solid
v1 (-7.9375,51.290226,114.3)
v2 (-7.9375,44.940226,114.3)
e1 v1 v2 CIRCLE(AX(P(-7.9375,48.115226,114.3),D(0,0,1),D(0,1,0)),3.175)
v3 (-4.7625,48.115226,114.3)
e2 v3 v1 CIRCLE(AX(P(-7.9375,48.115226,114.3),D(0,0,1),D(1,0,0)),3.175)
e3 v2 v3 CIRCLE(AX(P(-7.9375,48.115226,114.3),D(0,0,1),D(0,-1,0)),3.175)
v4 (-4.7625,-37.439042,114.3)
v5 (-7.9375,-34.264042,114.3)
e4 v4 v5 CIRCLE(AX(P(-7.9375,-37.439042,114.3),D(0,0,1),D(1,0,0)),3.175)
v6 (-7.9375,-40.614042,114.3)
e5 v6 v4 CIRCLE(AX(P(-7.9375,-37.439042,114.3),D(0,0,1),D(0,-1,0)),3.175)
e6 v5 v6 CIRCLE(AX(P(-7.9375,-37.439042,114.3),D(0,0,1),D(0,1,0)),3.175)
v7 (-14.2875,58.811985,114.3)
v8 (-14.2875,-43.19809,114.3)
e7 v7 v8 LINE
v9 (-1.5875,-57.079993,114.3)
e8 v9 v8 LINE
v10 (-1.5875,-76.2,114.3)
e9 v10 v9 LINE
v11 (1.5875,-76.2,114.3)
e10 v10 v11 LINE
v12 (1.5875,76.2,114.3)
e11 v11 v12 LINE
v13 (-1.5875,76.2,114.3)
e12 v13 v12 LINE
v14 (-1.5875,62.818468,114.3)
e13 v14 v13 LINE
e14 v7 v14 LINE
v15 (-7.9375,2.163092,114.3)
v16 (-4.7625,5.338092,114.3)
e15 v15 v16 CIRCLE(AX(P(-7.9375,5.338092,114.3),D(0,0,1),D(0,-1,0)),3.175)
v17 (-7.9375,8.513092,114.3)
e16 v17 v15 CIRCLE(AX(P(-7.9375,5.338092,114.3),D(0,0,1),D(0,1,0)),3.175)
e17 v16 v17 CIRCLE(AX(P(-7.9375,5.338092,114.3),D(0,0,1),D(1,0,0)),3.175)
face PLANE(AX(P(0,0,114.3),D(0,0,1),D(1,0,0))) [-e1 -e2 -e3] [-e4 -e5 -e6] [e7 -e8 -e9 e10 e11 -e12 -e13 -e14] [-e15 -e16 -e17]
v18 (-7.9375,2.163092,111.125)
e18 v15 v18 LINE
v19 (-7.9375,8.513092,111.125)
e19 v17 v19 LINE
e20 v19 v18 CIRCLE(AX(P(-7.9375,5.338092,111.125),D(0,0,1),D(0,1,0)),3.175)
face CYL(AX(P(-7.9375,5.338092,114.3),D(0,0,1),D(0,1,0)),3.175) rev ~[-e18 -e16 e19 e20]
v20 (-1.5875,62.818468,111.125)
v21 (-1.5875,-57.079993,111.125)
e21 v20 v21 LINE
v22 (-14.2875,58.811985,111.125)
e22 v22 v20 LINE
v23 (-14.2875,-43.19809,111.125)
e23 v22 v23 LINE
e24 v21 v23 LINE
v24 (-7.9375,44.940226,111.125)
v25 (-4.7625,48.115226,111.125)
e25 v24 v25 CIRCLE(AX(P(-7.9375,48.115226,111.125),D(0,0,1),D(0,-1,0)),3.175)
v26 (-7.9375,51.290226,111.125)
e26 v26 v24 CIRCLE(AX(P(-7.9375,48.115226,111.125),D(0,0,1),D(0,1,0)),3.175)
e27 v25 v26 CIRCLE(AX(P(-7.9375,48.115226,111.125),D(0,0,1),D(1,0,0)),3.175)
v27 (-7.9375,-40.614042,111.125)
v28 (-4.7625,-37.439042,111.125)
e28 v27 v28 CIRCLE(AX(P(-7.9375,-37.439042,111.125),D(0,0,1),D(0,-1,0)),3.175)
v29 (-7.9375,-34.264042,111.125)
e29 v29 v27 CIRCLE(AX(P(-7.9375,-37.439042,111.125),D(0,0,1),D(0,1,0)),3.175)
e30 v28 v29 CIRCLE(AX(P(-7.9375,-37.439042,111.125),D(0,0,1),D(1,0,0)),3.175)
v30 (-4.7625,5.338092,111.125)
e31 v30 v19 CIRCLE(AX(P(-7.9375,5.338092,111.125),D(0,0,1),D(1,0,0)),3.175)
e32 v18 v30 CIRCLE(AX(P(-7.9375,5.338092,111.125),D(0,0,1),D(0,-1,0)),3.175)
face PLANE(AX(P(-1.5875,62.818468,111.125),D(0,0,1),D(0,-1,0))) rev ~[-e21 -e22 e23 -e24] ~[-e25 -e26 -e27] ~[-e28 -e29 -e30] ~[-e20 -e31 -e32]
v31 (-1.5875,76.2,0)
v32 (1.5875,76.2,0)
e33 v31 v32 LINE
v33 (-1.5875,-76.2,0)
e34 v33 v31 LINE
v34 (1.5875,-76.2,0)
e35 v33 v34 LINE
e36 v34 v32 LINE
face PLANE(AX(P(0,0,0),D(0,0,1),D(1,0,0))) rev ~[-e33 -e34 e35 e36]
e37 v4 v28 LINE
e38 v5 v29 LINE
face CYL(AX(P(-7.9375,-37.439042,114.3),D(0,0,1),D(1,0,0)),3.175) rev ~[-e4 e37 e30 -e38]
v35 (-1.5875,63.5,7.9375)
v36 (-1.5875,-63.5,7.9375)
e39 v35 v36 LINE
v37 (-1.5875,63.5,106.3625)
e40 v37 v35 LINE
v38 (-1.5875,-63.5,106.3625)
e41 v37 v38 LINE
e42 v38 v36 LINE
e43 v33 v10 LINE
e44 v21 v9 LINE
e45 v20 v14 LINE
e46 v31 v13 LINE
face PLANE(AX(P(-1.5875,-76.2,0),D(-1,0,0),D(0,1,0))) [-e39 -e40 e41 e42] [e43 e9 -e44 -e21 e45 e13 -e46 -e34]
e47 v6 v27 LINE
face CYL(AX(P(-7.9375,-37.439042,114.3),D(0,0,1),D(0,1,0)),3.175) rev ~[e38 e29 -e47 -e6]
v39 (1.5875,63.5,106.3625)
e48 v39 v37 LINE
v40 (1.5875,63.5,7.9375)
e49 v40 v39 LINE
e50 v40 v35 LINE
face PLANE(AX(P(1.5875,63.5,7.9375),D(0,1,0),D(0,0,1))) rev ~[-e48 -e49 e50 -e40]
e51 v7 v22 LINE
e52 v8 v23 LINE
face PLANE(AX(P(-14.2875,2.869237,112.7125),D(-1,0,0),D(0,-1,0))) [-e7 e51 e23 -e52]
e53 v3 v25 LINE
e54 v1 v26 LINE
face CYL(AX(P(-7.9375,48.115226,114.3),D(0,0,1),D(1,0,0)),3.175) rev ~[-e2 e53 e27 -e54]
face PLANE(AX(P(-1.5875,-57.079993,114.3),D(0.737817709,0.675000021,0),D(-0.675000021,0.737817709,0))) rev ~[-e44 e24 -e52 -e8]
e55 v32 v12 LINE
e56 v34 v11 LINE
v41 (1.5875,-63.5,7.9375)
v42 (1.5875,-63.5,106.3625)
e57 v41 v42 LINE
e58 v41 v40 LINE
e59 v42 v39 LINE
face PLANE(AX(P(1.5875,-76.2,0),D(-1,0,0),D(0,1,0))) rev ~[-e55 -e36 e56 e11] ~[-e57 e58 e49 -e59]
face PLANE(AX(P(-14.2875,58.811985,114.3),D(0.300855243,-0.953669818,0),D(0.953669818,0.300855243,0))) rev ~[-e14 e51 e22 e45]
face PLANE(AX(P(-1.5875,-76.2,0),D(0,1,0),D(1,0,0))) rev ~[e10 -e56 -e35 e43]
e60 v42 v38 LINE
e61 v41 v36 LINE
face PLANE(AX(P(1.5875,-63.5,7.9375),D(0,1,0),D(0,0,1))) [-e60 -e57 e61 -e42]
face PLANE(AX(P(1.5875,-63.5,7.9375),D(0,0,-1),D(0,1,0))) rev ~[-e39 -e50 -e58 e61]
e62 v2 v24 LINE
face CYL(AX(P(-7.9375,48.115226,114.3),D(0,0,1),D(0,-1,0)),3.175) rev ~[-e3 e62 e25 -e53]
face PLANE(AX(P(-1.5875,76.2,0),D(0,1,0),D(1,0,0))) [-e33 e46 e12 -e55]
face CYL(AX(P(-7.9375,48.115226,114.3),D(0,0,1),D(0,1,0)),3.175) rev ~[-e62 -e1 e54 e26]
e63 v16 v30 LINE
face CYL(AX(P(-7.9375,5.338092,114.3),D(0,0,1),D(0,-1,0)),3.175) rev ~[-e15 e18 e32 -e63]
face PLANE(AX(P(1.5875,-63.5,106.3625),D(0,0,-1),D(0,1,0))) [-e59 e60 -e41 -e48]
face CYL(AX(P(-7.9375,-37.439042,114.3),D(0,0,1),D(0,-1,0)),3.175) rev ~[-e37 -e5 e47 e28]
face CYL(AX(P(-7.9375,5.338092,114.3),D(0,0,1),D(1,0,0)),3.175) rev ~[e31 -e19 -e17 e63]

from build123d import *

# Parameters (mm, degrees)
F0_W     = 3.175
F0_H     = 152.4
F1_DEPTH = 114.3
F2_W     = 127
F2_H     = 98.425
F3_DEPTH = 25.4
F4_W     = 119.8984608054
F4_H     = 3.175
F5_DEPTH = 12.7
F7_DEPTH = 25.4
F9_DEPTH = 25.4


with BuildPart() as f1:
    # F0 (on Top) → F1 (new body)
    with BuildSketch(Plane.XY):
        Rectangle(F0_W, F0_H)
    extrude(amount=F1_DEPTH)

    # F2 (on face) → F3 (cut)
    with BuildSketch(Plane.YZ.offset(1.5875)):
        with Locations((0, 57.15)):
            Rectangle(F2_W, F2_H)
    extrude(amount=-F3_DEPTH, mode=Mode.SUBTRACT)

    # F4 (on face) → F5 (join)
    with BuildSketch(Plane(origin=(-1.5875, 0, 0), x_dir=(0, -1, 0), z_dir=(-1, 0, 0))):
        with Locations((-2.8692372143, 112.7125)):
            Rectangle(F4_W, F4_H)
    extrude(amount=F5_DEPTH)

    # F6 (on face) → F7 (cut)
    with BuildSketch(Plane.XY.offset(114.3)):
        Polygon((-14.2875, 58.8119849563), (-1.5875, 62.818467617), (-14.2875, 62.818467617), align=None)
        Polygon((-14.2875, -57.0799931884), (-1.5875, -57.0799931884), (-14.2875, -43.1980900466), align=None)
    extrude(amount=-F7_DEPTH, mode=Mode.SUBTRACT)

    # F8 (on face) → F9 (cut)
    with BuildSketch(Plane.XY.offset(114.3)):
        with BuildLine():
            ThreePointArc((-4.7625, 48.1152262866), (-5.6924359697, 50.3602903169), (-7.9375, 51.2902262866))
            Line((-7.9375, 51.2902262866), (-7.9375, 44.9402262866))
            ThreePointArc((-7.9375, 44.9402262866), (-5.6924359697, 45.8701622564), (-4.7625, 48.1152262866))
        make_face()
        with BuildLine():
            ThreePointArc((-4.7625, -37.4390416175), (-5.6924359697, -35.1939775872), (-7.9375, -34.2640416175))
            Line((-7.9375, -34.2640416175), (-7.9375, -40.6140416175))
            ThreePointArc((-7.9375, -40.6140416175), (-5.6924359697, -39.6841056478), (-4.7625, -37.4390416175))
        make_face()
        with BuildLine():
            Line((-7.9375, -40.6140416175), (-7.9375, -34.2640416175))
            ThreePointArc((-7.9375, -34.2640416175), (-11.1125, -37.4390416175), (-7.9375, -40.6140416175))
        make_face()
        with BuildLine():
            ThreePointArc((-4.7625, 5.3380923346), (-5.6924359697, 7.5831563648), (-7.9375, 8.5130923346))
            Line((-7.9375, 8.5130923346), (-7.9375, 2.1630923346))
            ThreePointArc((-7.9375, 2.1630923346), (-5.6924359697, 3.0930283043), (-4.7625, 5.3380923346))
        make_face()
        with BuildLine():
            Line((-7.9375, 2.1630923346), (-7.9375, 8.5130923346))
            ThreePointArc((-7.9375, 8.5130923346), (-11.1125, 5.3380923346), (-7.9375, 2.1630923346))
        make_face()
        with BuildLine():
            Line((-7.9375, 44.9402262866), (-7.9375, 51.2902262866))
            ThreePointArc((-7.9375, 51.2902262866), (-11.1125, 48.1152262866), (-7.9375, 44.9402262866))
        make_face()
    extrude(amount=-F9_DEPTH, mode=Mode.SUBTRACT)


solid = f1.part
